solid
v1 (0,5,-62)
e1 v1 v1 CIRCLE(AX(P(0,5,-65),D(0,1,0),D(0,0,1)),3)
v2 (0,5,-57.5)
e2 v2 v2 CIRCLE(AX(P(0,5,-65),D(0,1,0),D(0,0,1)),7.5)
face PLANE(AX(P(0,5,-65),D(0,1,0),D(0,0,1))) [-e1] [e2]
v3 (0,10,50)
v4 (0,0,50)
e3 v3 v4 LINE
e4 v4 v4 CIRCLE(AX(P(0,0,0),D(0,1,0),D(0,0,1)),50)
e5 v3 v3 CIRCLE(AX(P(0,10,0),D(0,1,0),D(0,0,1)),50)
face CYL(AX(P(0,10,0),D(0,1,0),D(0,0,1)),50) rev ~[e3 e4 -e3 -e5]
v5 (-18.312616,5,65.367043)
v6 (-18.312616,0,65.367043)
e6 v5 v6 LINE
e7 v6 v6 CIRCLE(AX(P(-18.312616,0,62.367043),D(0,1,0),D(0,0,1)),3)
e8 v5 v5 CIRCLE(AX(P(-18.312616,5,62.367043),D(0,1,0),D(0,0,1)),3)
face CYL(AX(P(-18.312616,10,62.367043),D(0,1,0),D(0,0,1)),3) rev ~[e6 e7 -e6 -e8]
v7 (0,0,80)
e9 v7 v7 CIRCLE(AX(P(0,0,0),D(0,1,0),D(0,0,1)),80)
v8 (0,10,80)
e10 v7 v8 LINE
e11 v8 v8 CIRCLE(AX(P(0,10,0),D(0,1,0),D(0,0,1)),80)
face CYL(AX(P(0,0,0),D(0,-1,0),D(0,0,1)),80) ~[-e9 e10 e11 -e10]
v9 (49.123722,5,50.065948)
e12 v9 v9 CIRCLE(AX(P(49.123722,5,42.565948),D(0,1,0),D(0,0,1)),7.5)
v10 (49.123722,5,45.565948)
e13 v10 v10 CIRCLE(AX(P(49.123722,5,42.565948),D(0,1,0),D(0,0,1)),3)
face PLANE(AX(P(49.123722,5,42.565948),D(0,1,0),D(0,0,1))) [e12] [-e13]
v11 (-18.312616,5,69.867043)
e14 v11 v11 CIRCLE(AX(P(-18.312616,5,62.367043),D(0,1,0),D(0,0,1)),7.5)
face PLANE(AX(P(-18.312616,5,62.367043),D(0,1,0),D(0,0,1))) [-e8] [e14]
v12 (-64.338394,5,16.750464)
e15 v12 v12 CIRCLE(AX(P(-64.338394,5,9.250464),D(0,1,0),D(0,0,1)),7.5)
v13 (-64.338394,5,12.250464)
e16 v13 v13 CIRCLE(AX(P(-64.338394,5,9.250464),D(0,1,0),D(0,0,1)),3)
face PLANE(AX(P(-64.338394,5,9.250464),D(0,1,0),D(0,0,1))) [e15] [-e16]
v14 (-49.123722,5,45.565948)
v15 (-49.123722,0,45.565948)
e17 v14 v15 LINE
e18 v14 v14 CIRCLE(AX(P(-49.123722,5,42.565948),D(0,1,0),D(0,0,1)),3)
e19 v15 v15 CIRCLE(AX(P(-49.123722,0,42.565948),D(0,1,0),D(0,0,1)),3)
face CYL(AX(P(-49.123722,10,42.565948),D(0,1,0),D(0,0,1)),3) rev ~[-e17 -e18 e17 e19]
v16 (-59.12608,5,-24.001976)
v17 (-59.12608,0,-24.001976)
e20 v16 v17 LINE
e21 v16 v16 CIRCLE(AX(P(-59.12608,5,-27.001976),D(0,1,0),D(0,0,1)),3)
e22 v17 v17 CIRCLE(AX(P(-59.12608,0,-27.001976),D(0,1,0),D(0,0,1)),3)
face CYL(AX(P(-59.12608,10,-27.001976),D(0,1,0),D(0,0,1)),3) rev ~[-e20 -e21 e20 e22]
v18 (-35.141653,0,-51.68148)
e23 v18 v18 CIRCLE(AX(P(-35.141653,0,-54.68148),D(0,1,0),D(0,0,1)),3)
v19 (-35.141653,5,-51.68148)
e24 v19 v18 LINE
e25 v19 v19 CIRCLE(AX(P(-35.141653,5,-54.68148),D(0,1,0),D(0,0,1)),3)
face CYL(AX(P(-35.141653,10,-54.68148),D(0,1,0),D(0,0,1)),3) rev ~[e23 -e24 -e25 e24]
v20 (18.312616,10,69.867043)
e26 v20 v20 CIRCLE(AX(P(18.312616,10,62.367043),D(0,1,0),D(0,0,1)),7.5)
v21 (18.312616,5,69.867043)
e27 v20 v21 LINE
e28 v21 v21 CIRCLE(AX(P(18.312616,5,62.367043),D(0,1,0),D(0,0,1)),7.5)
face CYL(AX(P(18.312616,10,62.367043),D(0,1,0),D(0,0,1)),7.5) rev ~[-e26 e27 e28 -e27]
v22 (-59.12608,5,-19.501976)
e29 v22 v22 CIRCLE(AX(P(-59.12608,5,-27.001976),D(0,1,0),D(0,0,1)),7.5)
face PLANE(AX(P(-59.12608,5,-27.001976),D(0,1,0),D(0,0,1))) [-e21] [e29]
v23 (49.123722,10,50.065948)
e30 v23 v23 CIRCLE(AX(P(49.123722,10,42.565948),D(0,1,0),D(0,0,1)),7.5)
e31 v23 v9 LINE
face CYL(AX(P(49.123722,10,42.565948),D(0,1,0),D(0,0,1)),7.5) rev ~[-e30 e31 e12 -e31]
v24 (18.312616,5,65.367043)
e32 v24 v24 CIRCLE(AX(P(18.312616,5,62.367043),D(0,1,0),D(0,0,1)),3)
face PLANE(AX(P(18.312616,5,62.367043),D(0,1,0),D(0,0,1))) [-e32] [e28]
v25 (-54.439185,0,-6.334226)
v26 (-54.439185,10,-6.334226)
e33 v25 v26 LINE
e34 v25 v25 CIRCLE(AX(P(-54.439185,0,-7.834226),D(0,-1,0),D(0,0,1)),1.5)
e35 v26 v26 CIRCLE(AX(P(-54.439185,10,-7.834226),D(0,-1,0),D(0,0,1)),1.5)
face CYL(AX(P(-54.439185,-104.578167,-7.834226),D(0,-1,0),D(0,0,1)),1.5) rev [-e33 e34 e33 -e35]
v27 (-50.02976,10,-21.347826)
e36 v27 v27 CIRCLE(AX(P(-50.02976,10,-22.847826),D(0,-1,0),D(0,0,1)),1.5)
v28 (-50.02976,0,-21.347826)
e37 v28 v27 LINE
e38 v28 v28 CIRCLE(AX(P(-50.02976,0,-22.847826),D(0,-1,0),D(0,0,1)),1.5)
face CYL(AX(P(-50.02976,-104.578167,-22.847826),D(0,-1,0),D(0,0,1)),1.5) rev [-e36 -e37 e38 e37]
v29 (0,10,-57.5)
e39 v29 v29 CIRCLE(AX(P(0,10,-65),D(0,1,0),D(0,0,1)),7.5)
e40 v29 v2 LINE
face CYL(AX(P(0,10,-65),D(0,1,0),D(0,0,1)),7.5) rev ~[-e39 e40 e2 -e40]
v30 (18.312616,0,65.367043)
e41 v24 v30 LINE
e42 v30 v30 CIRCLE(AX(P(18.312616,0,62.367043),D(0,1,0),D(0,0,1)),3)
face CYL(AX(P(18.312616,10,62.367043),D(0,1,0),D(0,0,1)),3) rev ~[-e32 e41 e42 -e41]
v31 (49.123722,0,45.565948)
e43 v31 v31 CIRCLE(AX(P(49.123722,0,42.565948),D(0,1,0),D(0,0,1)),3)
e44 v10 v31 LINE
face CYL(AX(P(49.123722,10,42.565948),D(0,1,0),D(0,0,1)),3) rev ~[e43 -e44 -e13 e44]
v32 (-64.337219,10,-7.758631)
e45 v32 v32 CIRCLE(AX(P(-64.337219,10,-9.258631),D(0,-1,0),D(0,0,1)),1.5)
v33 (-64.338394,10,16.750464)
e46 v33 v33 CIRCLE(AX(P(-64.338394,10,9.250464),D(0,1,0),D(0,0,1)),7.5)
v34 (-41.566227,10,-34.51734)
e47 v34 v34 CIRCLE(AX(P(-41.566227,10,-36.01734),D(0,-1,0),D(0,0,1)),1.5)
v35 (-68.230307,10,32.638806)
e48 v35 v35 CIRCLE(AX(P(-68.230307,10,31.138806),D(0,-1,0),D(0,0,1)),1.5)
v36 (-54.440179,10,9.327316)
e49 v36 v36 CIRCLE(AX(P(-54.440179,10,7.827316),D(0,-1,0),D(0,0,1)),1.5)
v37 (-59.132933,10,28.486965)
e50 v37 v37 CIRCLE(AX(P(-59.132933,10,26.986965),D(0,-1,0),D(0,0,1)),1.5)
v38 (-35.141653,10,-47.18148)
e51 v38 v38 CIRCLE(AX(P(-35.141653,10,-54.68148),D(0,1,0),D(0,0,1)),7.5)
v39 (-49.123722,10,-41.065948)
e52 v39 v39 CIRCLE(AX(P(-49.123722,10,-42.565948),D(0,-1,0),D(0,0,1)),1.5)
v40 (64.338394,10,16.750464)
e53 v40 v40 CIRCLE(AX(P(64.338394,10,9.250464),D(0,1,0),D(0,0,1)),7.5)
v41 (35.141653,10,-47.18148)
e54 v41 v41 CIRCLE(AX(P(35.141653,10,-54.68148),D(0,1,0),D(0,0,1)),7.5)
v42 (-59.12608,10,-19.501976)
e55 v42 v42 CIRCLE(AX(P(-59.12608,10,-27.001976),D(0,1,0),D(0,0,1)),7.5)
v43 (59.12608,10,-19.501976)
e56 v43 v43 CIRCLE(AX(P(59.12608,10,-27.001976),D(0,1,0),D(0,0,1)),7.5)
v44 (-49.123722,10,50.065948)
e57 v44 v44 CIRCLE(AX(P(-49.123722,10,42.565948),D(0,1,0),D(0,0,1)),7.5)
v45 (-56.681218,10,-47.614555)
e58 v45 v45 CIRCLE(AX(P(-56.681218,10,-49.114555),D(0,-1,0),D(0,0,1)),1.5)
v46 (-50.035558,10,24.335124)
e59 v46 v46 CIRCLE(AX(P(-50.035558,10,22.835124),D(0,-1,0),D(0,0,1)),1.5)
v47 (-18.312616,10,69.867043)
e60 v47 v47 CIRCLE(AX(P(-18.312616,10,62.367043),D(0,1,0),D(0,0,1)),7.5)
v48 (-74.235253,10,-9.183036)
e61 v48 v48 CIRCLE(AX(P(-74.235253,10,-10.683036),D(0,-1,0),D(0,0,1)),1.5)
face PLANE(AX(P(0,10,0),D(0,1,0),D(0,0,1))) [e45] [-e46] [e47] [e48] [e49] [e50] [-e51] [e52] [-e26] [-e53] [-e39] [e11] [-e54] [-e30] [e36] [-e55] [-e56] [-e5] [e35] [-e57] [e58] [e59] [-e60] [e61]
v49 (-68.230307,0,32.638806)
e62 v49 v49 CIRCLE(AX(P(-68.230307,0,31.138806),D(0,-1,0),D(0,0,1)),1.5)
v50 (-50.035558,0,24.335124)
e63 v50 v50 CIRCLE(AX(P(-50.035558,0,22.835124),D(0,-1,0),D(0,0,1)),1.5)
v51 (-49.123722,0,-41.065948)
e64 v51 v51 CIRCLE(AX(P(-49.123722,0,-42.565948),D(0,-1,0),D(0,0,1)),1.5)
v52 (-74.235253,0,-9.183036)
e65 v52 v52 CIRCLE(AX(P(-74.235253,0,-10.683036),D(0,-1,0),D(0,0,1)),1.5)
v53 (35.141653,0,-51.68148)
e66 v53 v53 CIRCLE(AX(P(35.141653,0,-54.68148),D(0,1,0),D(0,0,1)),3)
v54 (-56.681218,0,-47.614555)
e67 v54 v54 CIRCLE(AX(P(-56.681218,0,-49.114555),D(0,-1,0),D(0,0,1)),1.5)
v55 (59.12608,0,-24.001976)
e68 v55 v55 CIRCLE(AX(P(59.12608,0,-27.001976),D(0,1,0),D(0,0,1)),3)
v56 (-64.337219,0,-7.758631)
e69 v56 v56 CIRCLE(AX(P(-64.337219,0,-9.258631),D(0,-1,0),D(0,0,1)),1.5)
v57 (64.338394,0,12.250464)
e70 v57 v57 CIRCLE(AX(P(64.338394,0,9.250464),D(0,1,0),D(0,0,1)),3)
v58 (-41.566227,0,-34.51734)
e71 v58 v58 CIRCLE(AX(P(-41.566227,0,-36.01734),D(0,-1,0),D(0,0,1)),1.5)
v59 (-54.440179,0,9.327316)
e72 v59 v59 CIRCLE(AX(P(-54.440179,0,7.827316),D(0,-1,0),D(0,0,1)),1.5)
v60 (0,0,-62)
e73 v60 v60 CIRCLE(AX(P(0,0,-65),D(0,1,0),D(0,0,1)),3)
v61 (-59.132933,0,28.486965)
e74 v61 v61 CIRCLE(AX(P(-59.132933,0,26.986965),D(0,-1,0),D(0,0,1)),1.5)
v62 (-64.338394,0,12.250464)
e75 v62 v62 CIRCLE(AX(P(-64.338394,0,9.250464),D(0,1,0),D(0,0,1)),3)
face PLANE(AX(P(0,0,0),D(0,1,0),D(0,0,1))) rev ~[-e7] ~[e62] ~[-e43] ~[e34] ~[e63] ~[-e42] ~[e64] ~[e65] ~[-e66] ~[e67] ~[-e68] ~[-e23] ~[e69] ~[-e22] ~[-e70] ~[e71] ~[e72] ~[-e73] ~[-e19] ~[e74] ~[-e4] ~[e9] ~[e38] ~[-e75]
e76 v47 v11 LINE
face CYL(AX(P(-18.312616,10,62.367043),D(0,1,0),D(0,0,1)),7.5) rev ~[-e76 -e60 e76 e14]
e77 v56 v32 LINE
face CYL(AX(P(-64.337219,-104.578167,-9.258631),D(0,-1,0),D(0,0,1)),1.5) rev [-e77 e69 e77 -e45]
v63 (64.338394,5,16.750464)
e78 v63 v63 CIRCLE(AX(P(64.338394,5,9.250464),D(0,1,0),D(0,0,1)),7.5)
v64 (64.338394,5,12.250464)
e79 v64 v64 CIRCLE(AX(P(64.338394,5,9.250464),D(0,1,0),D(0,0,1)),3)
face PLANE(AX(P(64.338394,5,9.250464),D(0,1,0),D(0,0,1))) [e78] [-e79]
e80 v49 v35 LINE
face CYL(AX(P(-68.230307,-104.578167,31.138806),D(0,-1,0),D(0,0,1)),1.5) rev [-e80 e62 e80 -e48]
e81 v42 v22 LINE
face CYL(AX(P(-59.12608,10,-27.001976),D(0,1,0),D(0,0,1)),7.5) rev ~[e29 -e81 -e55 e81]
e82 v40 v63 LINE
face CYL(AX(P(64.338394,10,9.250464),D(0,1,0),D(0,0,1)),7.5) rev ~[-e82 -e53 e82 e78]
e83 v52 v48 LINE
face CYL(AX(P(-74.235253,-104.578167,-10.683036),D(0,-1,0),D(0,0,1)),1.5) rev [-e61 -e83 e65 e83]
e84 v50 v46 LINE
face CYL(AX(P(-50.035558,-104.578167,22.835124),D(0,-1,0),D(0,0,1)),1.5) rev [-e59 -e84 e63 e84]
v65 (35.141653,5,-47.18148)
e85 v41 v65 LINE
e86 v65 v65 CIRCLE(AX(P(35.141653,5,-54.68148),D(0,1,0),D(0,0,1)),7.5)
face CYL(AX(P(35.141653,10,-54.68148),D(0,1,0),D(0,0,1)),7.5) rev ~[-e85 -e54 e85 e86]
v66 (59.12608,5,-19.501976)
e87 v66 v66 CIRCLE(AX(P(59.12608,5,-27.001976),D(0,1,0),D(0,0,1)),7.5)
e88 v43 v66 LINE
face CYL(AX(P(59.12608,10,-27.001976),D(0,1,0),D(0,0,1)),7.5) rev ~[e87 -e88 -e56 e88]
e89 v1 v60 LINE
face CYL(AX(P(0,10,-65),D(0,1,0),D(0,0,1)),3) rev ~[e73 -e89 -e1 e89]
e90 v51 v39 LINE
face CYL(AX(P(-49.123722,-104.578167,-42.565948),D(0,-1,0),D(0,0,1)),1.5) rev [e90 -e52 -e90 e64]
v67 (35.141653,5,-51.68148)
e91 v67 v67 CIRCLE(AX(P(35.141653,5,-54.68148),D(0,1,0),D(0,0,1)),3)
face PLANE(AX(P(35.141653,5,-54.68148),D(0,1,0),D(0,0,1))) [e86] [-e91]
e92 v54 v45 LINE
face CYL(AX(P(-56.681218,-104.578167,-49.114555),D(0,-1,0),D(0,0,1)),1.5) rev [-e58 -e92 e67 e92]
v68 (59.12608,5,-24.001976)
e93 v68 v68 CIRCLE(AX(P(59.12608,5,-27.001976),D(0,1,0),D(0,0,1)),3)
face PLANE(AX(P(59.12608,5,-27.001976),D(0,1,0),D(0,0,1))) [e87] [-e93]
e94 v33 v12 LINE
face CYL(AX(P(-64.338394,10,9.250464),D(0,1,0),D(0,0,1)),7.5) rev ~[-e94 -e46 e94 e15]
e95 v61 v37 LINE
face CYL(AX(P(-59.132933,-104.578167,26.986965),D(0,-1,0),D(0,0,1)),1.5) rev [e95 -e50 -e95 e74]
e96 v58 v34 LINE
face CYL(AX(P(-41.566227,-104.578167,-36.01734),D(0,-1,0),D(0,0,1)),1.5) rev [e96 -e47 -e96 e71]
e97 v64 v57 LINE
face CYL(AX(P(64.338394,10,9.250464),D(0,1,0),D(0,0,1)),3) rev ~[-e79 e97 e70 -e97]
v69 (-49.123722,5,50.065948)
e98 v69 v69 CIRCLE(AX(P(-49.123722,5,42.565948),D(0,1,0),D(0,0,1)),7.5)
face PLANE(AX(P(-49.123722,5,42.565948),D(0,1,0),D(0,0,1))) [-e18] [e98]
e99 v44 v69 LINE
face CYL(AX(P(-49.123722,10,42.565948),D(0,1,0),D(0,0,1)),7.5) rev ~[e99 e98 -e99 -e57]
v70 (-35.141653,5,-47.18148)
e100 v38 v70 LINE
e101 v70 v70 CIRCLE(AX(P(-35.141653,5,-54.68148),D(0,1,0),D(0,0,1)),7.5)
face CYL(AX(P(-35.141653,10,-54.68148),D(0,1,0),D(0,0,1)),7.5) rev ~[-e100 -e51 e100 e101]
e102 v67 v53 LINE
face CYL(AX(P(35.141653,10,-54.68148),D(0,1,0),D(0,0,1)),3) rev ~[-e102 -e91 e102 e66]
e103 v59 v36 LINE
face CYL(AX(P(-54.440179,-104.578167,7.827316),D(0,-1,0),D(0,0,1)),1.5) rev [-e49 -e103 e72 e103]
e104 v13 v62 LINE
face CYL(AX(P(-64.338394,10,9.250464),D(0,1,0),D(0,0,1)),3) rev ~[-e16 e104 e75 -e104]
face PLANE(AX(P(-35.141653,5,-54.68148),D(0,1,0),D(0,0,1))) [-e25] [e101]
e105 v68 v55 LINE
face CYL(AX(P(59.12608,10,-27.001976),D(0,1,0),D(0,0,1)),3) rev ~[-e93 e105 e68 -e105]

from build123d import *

# Parameters (mm, degrees)
SKETCH1_R               = 80
BOSS_EXTRUDE1_DEPTH     = 10
SKETCH3_R               = 3
CUT_EXTRUDE1_DEPTH      = 10
SKETCH4_R               = 7.5
CUT_EXTRUDE2_DEPTH      = 5
SKETCH5_R               = 50
CUT_EXTRUDE3_DEPTH      = 21
CUT_EXTRUDE4_DEPTH      = 114.578166916
CUT_EXTRUDE4_DEPTH_BACK = 114.578166916
SKETCH6_R               = 1.5


with BuildPart() as part:
    # Sketch1 → Boss-Extrude1 (new body)
    with BuildSketch(Plane(origin=(0, 0, 0), x_dir=(1, 0, 0), z_dir=(0, 1, 0))):
        with Locations(Location((0, 0, 0), (0, 0, 270))):
            Circle(SKETCH1_R)
    extrude(amount=BOSS_EXTRUDE1_DEPTH)

    # Sketch3 → Cut-Extrude1 (cut)
    with BuildSketch(Plane(origin=(0, 10, 0), x_dir=(1, 0, 0), z_dir=(0, 1, 0))):
        with Locations(Location((0, 65, 0), (0, 0, 270))):
            Circle(SKETCH3_R)
        with Locations(Location((35.141653135, 54.681479634, 0), (0, 0, 270))):
            Circle(SKETCH3_R)
        with Locations(Location((59.126079698, 27.001975845, 0), (0, 0, 270))):
            Circle(SKETCH3_R)
        with Locations(Location((64.338393722, -9.250464488, 0), (0, 0, 270))):
            Circle(SKETCH3_R)
        with Locations(Location((49.123722333, -42.565947706, 0), (0, 0, 270))):
            Circle(SKETCH3_R)
        with Locations(Location((18.312616195, -62.367043285, 0), (0, 0, 270))):
            Circle(SKETCH3_R)
        with Locations(Location((-18.312616195, -62.367043285, 0), (0, 0, 270))):
            Circle(SKETCH3_R)
        with Locations(Location((-49.123722333, -42.565947706, 0), (0, 0, 270))):
            Circle(SKETCH3_R)
        with Locations(Location((-64.338393722, -9.250464488, 0), (0, 0, 270))):
            Circle(SKETCH3_R)
        with Locations(Location((-59.126079698, 27.001975845, 0), (0, 0, 270))):
            Circle(SKETCH3_R)
        with Locations(Location((-35.141653135, 54.681479634, 0), (0, 0, 270))):
            Circle(SKETCH3_R)
    extrude(amount=-CUT_EXTRUDE1_DEPTH, mode=Mode.SUBTRACT)

    # Sketch4 → Cut-Extrude2 (cut)
    with BuildSketch(Plane(origin=(0, 10, 0), x_dir=(1, 0, 0), z_dir=(0, 1, 0))):
        with Locations(Location((0, 65, 0), (0, 0, 270))):
            Circle(SKETCH4_R)
        with Locations(Location((35.141653135, 54.681479634, 0), (0, 0, 270))):
            Circle(SKETCH4_R)
        with Locations(Location((59.126079698, 27.001975845, 0), (0, 0, 270))):
            Circle(SKETCH4_R)
        with Locations(Location((64.338393722, -9.250464488, 0), (0, 0, 270))):
            Circle(SKETCH4_R)
        with Locations(Location((49.123722333, -42.565947706, 0), (0, 0, 270))):
            Circle(SKETCH4_R)
        with Locations(Location((18.312616195, -62.367043285, 0), (0, 0, 270))):
            Circle(SKETCH4_R)
        with Locations(Location((-18.312616195, -62.367043285, 0), (0, 0, 270))):
            Circle(SKETCH4_R)
        with Locations(Location((-49.123722333, -42.565947706, 0), (0, 0, 270))):
            Circle(SKETCH4_R)
        with Locations(Location((-64.338393722, -9.250464488, 0), (0, 0, 270))):
            Circle(SKETCH4_R)
        with Locations(Location((-59.126079698, 27.001975845, 0), (0, 0, 270))):
            Circle(SKETCH4_R)
        with Locations(Location((-35.141653135, 54.681479634, 0), (0, 0, 270))):
            Circle(SKETCH4_R)
    extrude(amount=-CUT_EXTRUDE2_DEPTH, mode=Mode.SUBTRACT)

    # Sketch5 → Cut-Extrude3 (cut)
    with BuildSketch(Plane(origin=(0, 10, 0), x_dir=(1, 0, 0), z_dir=(0, 1, 0))):
        with Locations(Location((0, 0, 0), (0, 0, 270))):
            Circle(SKETCH5_R)
    extrude(amount=-CUT_EXTRUDE3_DEPTH, mode=Mode.SUBTRACT)

    # Sketch6 → Cut-Extrude4 (cut, two sides: drawn at the far end of the back side and taken through both)
    with BuildSketch(Plane(origin=(0, 10, 0), x_dir=(1, 0, 0), z_dir=(0, 1, 0)).offset(-CUT_EXTRUDE4_DEPTH_BACK)):
        with Locations(Location((-56.681218077, 49.114555046, 0), (0, 0, 270))):
            Circle(SKETCH6_R)
        with Locations(Location((-49.123722333, 42.565947706, 0), (0, 0, 270))):
            Circle(SKETCH6_R)
        with Locations(Location((-41.566226589, 36.017340367, 0), (0, 0, 270))):
            Circle(SKETCH6_R)
        with Locations(Location((-54.43918532, 7.834226299, 0), (0, 0, 270))):
            Circle(SKETCH6_R)
        with Locations(Location((-64.337219014, 9.258631081, 0), (0, 0, 270))):
            Circle(SKETCH6_R)
        with Locations(Location((-74.235252709, 10.683035863, 0), (0, 0, 270))):
            Circle(SKETCH6_R)
        with Locations(Location((-50.03555842, -22.83512412, 0), (0, 0, 270))):
            Circle(SKETCH6_R)
        with Locations(Location((-59.132932678, -26.986964869, 0), (0, 0, 270))):
            Circle(SKETCH6_R)
        with Locations(Location((-68.230306936, -31.138805619, 0), (0, 0, 270))):
            Circle(SKETCH6_R)
        with Locations(Location((-50.029759744, 22.847825715, 0), (0, 0, 270))):
            Circle(SKETCH6_R)
        with Locations(Location((-54.440179303, -7.827316105, 0), (0, 0, 270))):
            Circle(SKETCH6_R)
    extrude(amount=CUT_EXTRUDE4_DEPTH + CUT_EXTRUDE4_DEPTH_BACK, mode=Mode.SUBTRACT)


solid = part.part
